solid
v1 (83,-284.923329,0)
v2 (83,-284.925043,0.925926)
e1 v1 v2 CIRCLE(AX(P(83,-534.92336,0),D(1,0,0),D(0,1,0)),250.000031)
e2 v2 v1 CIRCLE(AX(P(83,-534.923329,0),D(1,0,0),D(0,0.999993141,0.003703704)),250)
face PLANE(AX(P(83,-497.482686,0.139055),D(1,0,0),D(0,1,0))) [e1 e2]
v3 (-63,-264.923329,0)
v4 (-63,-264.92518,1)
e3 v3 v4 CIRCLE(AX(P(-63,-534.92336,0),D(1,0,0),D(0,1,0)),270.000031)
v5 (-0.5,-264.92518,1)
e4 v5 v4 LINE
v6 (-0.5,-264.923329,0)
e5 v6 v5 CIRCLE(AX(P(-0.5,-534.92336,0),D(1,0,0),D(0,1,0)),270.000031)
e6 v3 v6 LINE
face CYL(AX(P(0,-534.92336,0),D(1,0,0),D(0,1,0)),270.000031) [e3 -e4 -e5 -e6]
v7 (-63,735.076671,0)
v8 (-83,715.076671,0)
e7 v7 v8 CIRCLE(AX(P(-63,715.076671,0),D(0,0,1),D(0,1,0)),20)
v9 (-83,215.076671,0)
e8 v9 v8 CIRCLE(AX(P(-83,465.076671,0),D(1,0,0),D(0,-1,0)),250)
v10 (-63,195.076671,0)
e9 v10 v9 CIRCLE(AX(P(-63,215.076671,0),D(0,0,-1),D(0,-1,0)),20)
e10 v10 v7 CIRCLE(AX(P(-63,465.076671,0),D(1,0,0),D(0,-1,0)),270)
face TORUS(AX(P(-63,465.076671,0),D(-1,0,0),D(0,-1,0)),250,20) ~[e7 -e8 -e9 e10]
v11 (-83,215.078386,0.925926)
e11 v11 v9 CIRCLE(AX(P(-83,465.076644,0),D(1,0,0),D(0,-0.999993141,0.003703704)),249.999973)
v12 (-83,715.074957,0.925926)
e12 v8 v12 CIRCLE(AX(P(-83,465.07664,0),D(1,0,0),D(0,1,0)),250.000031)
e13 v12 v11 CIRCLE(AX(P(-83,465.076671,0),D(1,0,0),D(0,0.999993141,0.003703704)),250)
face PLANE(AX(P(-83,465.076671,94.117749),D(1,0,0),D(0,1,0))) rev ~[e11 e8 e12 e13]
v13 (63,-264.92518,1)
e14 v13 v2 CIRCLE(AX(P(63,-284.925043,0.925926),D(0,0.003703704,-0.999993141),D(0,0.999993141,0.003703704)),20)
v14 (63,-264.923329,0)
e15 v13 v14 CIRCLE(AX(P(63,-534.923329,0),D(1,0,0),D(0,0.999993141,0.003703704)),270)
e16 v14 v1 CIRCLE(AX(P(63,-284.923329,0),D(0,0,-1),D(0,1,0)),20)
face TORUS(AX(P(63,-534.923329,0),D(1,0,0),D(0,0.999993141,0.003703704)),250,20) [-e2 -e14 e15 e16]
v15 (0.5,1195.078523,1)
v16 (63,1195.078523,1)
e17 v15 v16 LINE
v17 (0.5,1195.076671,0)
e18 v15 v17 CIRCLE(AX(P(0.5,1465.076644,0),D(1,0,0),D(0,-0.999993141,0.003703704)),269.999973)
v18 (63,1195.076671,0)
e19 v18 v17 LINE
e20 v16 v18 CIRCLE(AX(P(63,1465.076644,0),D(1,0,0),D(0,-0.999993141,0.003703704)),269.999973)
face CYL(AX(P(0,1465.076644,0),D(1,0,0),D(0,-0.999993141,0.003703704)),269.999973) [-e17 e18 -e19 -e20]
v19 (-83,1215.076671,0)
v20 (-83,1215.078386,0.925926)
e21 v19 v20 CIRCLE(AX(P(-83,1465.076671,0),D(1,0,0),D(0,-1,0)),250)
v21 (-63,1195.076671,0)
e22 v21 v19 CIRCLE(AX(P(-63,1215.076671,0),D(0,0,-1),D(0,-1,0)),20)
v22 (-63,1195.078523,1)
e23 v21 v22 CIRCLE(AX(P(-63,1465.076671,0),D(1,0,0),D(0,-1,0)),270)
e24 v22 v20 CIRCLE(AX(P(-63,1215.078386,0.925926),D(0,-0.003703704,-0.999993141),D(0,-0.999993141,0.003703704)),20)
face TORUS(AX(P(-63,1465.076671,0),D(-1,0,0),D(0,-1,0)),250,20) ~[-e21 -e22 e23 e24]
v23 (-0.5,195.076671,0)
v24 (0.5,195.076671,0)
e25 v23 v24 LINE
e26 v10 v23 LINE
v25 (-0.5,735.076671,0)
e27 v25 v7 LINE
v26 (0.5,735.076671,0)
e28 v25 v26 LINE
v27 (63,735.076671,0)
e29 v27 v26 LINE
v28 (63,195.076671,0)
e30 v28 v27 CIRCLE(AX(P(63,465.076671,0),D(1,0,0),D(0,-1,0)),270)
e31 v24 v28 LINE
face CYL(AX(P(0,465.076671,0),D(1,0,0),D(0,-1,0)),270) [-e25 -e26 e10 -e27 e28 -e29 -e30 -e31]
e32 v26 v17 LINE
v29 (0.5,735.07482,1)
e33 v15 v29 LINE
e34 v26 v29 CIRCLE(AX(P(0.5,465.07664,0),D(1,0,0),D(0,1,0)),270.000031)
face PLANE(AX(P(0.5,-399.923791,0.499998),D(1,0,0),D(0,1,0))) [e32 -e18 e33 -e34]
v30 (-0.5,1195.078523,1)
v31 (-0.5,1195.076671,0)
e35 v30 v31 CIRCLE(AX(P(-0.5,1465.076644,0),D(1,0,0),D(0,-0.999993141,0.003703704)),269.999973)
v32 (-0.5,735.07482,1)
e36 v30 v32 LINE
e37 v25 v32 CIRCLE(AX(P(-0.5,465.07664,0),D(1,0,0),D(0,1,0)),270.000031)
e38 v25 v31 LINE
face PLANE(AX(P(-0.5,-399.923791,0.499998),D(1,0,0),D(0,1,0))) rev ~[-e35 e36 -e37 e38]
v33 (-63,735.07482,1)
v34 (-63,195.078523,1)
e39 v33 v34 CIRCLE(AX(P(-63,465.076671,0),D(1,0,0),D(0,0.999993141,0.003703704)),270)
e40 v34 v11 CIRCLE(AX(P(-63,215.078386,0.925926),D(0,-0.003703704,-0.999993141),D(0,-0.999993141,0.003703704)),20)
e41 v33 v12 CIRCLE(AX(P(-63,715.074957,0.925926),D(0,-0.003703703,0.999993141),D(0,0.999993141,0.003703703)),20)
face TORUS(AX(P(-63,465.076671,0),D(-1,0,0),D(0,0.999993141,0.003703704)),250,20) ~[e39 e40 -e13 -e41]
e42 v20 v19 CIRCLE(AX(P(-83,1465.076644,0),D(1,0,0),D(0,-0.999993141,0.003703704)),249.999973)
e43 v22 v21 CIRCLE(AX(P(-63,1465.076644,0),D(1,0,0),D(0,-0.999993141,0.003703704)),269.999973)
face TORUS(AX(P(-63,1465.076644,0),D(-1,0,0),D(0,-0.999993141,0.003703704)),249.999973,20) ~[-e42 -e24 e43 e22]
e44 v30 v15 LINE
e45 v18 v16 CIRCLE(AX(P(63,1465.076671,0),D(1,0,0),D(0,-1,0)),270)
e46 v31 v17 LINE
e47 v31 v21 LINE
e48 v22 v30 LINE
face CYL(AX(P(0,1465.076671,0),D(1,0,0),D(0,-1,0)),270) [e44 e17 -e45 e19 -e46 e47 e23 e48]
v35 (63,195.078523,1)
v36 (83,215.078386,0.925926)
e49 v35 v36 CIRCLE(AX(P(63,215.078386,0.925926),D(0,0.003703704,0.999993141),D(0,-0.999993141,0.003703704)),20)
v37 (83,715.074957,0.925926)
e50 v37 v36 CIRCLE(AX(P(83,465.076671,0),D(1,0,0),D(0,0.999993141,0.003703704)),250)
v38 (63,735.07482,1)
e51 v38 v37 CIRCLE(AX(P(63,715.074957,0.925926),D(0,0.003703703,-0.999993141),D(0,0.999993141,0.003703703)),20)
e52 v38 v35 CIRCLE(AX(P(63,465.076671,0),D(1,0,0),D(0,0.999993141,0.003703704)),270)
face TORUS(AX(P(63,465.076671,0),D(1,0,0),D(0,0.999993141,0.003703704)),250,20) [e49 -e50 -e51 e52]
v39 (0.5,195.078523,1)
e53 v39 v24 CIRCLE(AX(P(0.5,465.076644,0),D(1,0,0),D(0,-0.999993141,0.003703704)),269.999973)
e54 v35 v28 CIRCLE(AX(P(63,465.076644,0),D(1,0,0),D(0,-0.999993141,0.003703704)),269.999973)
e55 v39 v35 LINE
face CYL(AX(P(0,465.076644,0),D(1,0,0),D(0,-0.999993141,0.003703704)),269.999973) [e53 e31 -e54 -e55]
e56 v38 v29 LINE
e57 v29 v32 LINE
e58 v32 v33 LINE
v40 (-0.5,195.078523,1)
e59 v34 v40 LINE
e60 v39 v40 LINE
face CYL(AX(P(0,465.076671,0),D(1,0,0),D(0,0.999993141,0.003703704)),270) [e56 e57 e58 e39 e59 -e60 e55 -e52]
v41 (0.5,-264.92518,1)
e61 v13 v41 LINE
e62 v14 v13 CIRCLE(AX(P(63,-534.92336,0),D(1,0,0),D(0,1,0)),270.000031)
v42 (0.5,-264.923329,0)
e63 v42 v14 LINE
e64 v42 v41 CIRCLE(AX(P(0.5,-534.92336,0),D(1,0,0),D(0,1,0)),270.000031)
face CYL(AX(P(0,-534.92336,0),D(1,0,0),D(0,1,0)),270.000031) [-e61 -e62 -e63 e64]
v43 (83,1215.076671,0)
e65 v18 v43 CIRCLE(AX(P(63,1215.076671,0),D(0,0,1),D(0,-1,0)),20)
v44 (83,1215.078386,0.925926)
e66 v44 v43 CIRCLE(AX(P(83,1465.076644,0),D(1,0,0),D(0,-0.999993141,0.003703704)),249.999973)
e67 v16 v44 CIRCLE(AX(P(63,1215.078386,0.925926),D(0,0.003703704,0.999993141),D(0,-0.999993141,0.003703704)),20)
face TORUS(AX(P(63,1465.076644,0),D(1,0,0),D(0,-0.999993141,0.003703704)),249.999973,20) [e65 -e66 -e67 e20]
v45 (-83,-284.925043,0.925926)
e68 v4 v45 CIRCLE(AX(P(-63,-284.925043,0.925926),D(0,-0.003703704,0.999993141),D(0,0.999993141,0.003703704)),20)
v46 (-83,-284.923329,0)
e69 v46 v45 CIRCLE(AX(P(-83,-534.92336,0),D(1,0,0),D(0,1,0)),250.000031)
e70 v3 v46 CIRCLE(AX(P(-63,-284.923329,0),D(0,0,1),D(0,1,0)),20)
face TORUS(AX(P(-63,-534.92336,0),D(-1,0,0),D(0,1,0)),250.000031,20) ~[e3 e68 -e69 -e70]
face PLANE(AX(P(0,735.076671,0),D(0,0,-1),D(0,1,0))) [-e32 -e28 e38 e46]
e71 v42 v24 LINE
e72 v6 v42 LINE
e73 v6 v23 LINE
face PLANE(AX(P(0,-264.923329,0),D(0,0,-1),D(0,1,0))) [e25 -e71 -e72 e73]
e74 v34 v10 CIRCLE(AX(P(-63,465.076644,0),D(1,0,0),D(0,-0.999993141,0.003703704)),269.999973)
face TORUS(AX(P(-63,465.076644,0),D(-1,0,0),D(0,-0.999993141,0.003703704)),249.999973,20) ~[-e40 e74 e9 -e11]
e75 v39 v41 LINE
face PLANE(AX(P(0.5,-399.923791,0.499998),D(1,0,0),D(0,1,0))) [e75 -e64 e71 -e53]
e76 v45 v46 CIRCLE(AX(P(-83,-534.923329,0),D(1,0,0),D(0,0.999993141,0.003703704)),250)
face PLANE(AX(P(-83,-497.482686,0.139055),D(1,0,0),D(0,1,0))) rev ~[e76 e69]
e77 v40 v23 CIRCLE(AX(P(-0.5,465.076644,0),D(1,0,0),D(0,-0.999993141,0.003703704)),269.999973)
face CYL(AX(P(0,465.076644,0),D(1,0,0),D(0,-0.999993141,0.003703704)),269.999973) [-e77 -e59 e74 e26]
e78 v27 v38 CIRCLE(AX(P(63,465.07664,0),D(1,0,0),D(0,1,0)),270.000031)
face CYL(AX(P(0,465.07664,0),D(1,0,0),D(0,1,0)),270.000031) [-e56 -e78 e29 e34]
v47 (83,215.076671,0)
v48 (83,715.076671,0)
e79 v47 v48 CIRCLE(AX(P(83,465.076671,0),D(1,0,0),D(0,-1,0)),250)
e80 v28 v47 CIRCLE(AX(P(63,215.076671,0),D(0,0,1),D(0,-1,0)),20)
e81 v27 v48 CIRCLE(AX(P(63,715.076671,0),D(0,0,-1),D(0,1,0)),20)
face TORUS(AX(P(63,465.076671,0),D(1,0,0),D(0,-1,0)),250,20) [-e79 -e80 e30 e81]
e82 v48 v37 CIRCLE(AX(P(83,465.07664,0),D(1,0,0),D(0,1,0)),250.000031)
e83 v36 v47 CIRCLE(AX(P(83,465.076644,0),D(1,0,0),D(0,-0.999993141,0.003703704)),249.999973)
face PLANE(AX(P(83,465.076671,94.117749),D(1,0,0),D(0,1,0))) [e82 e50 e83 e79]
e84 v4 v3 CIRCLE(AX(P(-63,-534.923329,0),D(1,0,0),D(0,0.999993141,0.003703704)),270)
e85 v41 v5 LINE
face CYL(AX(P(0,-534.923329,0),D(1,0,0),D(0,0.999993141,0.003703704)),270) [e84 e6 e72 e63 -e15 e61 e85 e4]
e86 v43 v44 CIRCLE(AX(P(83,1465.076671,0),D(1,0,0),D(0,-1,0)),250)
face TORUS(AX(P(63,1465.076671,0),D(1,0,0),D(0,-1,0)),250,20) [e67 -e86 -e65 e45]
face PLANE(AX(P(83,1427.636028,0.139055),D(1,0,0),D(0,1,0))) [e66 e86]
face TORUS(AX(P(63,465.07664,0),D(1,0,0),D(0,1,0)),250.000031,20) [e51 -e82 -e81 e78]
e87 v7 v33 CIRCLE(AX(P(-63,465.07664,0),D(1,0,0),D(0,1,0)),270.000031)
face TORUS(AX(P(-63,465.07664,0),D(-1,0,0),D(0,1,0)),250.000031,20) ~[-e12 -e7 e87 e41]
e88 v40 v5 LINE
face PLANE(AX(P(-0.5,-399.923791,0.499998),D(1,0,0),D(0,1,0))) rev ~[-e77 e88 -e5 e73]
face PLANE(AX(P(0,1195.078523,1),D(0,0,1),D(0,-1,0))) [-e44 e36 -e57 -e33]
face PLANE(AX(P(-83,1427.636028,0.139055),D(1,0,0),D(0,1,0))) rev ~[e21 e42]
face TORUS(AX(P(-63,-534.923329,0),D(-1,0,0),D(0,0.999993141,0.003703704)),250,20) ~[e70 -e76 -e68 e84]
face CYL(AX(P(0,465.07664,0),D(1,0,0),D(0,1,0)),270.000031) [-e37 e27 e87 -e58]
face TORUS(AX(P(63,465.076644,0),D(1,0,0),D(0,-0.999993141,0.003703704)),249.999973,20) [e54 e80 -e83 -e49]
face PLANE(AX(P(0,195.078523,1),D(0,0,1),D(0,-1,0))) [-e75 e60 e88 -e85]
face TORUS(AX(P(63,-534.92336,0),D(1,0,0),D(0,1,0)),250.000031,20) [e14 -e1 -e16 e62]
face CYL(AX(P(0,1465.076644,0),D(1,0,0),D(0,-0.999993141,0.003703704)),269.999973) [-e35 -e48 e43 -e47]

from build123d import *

# Parameters (mm, degrees)
F1_DEPTH = 83
F2_R     = 20
F2_2_R   = 20
F2_3_R   = 20
F3_DEPTH = 0.5


with BuildPart() as f1:
    # F0 (on Right) → F1 (new body, symmetric)
    with BuildSketch(Plane.YZ):
        with BuildLine():
            ThreePointArc((-264.9251804996, 1), (-804.9228656765, -0.5000008573), (-264.9233286414, 0))
            Line((-264.9233286414, 0), (-534.9233286414, 0))
            Line((-534.9233286414, 0), (-534.9233286414, 1))
            Line((-534.9233286414, 1), (-264.9251804996, 1))
        make_face()
        with BuildLine():
            Line((-534.9233286414, 0), (-264.9233286414, 0))
            ThreePointArc((-264.9233286414, 0), (-264.9237916064, 0.5000008573), (-264.9251804996, 1))
            Line((-264.9251804996, 1), (-534.9233286414, 1))
            Line((-534.9233286414, 1), (-534.9233286414, 0))
        make_face()
    extrude(amount=F1_DEPTH, both=True)

    # F2
    f2_edges = [f1.edges().sort_by_distance(p)[0] for p in [
        (83, -804.923329, 0),
        (-83, -804.923329, 0),
    ]]
    fillet(f2_edges, radius=F2_R)



with BuildPart() as f1b:
    # F0 (on Right) → F1, piece 2 (new body, symmetric)
    with BuildSketch(Plane.YZ):
        with BuildLine():
            ThreePointArc((735.0748195004, 1), (465.0766713586, 270), (195.0785232168, 1))
            Line((195.0785232168, 1), (735.0748195004, 1))
        make_face()
        with BuildLine():
            Line((735.0766713586, 0), (195.0766713586, 0))
            ThreePointArc((195.0766713586, 0), (465.0766713586, -270), (735.0766713586, 0))
        make_face()
        with BuildLine():
            ThreePointArc((195.0785232168, 1), (195.0771343235, 0.5000008573), (195.0766713586, 0))
            Line((195.0766713586, 0), (735.0766713586, 0))
            ThreePointArc((735.0766713586, 0), (735.0762083936, 0.5000008573), (735.0748195004, 1))
            Line((735.0748195004, 1), (195.0785232168, 1))
        make_face()
    extrude(amount=F1_DEPTH, both=True)

    # F2#2
    f2_2_edges = [f1b.edges().sort_by_distance(p)[0] for p in [
        (83, 735.07482, -1),
        (-83, 735.07482, -1),
    ]]
    fillet(f2_2_edges, radius=F2_2_R)


with BuildPart() as f1c:
    # F0 (on Right) → F1, piece 3 (new body, symmetric)
    with BuildSketch(Plane.YZ):
        with BuildLine():
            Line((1465.0766713586, 0), (1195.0766713586, 0))
            ThreePointArc((1195.0766713586, 0), (1465.0766713586, -270), (1735.0766713586, 0))
            ThreePointArc((1735.0766713586, 0), (1465.5766722159, 269.9995370351), (1195.0785232168, 1))
            Line((1195.0785232168, 1), (1465.0766713586, 1))
            Line((1465.0766713586, 1), (1465.0766713586, 0))
        make_face()
        with BuildLine():
            ThreePointArc((1195.0785232168, 1), (1195.0771343235, 0.5000008573), (1195.0766713586, 0))
            Line((1195.0766713586, 0), (1465.0766713586, 0))
            Line((1465.0766713586, 0), (1465.0766713586, 1))
            Line((1465.0766713586, 1), (1195.0785232168, 1))
        make_face()
    extrude(amount=F1_DEPTH, both=True)

    # F2#3
    f2_3_edges = [f1c.edges().sort_by_distance(p)[0] for p in [
        (83, 1195.076671, 0),
        (-83, 1195.076671, 0),
    ]]
    fillet(f2_3_edges, radius=F2_3_R)


with BuildPart() as f1_1:
    add(f1.part)

    add(f1b.part)  # F3 merges F1b

    add(f1c.part)  # F3 merges F1c
    # F0 (on Right) → F3 (join, symmetric)
    with BuildSketch(Plane.YZ):
        with BuildLine():
            Line((-534.9233286414, 0), (-264.9233286414, 0))
            ThreePointArc((-264.9233286414, 0), (-264.9237916064, 0.5000008573), (-264.9251804996, 1))
            Line((-264.9251804996, 1), (-534.9233286414, 1))
            Line((-534.9233286414, 1), (-534.9233286414, 0))
        make_face()
        with BuildLine():
            ThreePointArc((-264.9251804996, 1), (-804.9228656765, -0.5000008573), (-264.9233286414, 0))
            Line((-264.9233286414, 0), (-534.9233286414, 0))
            Line((-534.9233286414, 0), (-534.9233286414, 1))
            Line((-534.9233286414, 1), (-264.9251804996, 1))
        make_face()
        with BuildLine():
            ThreePointArc((-264.9251804996, 1), (-264.9237916064, 0.5000008573), (-264.9233286414, 0))
            Line((-264.9233286414, 0), (195.0766713586, 0))
            ThreePointArc((195.0766713586, 0), (195.0771343235, 0.5000008573), (195.0785232168, 1))
            Line((195.0785232168, 1), (-264.9251804996, 1))
        make_face()
        with BuildLine():
            Line((735.0766713586, 0), (195.0766713586, 0))
            ThreePointArc((195.0766713586, 0), (465.0766713586, -270), (735.0766713586, 0))
        make_face()
        with BuildLine():
            ThreePointArc((195.0785232168, 1), (195.0771343235, 0.5000008573), (195.0766713586, 0))
            Line((195.0766713586, 0), (735.0766713586, 0))
            ThreePointArc((735.0766713586, 0), (735.0762083936, 0.5000008573), (735.0748195004, 1))
            Line((735.0748195004, 1), (195.0785232168, 1))
        make_face()
        with BuildLine():
            ThreePointArc((735.0748195004, 1), (465.0766713586, 270), (195.0785232168, 1))
            Line((195.0785232168, 1), (735.0748195004, 1))
        make_face()
        with BuildLine():
            ThreePointArc((735.0748195004, 1), (735.0762083936, 0.5000008573), (735.0766713586, 0))
            Line((735.0766713586, 0), (1195.0766713586, 0))
            ThreePointArc((1195.0766713586, 0), (1195.0771343235, 0.5000008573), (1195.0785232168, 1))
            Line((1195.0785232168, 1), (735.0748195004, 1))
        make_face()
        with BuildLine():
            Line((1465.0766713586, 0), (1195.0766713586, 0))
            ThreePointArc((1195.0766713586, 0), (1465.0766713586, -270), (1735.0766713586, 0))
            ThreePointArc((1735.0766713586, 0), (1465.5766722159, 269.9995370351), (1195.0785232168, 1))
            Line((1195.0785232168, 1), (1465.0766713586, 1))
            Line((1465.0766713586, 1), (1465.0766713586, 0))
        make_face()
        with BuildLine():
            ThreePointArc((1195.0785232168, 1), (1195.0771343235, 0.5000008573), (1195.0766713586, 0))
            Line((1195.0766713586, 0), (1465.0766713586, 0))
            Line((1465.0766713586, 0), (1465.0766713586, 1))
            Line((1465.0766713586, 1), (1195.0785232168, 1))
        make_face()
    extrude(amount=F3_DEPTH, both=True)


solid = f1_1.part
